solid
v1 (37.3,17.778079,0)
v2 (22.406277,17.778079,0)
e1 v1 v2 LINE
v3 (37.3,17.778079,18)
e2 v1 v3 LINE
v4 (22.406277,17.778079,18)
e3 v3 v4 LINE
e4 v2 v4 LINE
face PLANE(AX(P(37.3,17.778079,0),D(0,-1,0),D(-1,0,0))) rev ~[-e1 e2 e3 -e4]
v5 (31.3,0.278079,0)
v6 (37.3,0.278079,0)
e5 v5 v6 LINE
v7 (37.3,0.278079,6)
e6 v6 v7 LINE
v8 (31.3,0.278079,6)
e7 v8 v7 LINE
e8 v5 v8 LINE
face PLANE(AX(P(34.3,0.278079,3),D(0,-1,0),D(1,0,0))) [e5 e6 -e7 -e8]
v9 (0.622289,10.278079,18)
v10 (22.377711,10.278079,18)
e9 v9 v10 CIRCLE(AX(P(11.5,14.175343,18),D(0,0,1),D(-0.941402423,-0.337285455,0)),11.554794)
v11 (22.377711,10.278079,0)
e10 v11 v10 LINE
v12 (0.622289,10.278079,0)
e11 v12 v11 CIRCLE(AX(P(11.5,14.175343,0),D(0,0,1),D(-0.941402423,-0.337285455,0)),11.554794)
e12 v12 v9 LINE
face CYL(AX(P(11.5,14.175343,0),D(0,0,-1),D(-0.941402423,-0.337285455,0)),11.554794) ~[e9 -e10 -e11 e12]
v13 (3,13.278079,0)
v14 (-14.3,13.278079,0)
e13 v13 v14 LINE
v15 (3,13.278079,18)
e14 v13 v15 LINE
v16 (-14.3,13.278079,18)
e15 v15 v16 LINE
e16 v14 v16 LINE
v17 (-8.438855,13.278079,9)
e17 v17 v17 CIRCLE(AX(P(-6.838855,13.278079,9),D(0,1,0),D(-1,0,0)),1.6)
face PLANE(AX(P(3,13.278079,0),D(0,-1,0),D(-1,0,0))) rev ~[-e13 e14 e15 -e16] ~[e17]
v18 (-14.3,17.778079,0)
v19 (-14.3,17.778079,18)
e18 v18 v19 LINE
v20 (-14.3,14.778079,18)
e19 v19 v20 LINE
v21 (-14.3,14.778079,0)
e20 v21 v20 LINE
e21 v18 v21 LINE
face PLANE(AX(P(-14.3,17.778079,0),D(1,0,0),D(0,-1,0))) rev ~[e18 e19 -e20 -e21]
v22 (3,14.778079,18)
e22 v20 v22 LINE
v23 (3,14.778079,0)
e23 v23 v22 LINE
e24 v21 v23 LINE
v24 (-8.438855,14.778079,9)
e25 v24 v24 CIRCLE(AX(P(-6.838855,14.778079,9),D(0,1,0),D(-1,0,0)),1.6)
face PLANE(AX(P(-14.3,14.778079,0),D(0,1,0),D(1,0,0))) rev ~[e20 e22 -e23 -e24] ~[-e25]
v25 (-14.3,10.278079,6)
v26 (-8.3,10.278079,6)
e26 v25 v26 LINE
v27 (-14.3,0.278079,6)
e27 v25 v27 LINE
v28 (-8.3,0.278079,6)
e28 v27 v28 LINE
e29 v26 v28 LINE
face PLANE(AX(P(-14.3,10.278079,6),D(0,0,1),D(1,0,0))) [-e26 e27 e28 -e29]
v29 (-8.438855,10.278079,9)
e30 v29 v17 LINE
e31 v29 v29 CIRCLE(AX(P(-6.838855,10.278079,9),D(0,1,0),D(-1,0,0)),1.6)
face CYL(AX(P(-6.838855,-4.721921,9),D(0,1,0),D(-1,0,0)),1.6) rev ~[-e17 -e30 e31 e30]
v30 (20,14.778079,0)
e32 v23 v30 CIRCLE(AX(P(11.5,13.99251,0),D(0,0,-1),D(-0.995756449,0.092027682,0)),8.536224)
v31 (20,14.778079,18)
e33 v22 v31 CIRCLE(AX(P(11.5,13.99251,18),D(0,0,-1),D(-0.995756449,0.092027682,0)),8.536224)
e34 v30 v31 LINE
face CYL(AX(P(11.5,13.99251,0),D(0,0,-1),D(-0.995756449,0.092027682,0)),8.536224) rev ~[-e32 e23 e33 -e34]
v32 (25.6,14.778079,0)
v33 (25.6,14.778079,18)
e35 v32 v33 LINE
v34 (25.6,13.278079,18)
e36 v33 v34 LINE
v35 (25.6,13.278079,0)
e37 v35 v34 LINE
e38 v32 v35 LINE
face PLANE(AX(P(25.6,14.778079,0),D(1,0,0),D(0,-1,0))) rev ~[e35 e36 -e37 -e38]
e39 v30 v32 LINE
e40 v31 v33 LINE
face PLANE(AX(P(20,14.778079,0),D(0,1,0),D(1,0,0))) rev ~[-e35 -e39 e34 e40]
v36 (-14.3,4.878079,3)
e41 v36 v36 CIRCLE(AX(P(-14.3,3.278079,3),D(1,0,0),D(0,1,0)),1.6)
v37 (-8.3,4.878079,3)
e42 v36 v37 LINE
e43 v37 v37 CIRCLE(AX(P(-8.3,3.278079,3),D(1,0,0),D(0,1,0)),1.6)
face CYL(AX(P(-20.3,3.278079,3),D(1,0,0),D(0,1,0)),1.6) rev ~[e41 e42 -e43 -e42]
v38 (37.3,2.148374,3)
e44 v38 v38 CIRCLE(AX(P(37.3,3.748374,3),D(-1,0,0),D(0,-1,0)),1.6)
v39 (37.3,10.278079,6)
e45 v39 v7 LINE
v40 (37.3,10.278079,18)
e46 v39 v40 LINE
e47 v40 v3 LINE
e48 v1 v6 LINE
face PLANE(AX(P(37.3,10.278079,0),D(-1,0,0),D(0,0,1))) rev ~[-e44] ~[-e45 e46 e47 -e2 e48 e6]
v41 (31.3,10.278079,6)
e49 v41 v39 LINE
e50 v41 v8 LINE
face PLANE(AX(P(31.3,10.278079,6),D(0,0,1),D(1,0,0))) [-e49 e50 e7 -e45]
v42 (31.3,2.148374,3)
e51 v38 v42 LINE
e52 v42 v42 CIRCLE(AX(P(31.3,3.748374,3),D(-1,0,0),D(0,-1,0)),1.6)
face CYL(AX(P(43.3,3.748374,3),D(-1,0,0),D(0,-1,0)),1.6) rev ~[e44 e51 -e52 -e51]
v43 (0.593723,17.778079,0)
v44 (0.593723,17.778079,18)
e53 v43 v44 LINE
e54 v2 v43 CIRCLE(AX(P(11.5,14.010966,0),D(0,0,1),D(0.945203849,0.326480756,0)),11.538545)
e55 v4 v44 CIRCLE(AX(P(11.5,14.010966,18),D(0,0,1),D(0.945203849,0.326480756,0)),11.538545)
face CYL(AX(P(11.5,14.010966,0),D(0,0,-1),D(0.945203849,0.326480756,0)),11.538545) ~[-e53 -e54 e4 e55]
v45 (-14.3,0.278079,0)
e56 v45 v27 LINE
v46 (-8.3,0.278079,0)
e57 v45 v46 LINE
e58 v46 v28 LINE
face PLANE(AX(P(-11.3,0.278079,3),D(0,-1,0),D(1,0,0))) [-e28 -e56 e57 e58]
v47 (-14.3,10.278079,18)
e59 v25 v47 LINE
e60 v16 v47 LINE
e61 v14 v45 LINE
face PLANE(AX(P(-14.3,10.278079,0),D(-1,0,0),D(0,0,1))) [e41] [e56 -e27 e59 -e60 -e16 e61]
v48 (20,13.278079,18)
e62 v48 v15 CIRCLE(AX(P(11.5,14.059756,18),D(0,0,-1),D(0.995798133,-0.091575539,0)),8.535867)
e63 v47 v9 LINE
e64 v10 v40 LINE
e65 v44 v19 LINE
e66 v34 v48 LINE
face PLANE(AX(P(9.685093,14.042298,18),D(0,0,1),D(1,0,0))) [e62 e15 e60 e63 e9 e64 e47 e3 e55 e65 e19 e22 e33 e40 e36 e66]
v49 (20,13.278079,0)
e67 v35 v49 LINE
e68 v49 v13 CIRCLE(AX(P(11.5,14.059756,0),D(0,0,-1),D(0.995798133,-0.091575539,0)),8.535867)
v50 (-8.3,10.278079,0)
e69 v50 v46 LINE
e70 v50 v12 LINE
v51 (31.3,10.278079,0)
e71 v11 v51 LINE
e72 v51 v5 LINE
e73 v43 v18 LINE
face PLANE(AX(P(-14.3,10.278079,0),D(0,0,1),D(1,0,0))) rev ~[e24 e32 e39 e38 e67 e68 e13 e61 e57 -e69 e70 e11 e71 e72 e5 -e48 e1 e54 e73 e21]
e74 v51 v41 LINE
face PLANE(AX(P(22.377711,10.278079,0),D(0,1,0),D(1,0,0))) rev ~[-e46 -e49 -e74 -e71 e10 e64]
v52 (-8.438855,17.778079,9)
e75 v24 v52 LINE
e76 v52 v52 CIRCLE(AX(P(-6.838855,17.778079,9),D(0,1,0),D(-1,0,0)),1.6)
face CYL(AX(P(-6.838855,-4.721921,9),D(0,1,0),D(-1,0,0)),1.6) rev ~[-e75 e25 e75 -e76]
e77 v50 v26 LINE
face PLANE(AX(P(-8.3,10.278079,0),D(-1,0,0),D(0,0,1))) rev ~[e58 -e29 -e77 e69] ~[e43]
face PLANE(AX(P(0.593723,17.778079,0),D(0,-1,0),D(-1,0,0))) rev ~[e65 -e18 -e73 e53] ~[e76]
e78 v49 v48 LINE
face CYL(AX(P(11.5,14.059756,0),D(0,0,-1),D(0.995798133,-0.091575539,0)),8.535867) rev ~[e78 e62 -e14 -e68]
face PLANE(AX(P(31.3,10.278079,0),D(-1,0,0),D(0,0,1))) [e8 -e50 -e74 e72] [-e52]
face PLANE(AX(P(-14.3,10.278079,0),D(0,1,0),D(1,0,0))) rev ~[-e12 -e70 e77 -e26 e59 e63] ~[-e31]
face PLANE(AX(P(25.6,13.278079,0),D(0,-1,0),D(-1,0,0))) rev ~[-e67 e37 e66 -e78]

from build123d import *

# Parameters (mm, degrees)
F1_DEPTH  = 18
F3_D      = 3.2
F3_DEPTH  = 15
F4_W      = 6
F4_H      = 6
F5_DEPTH  = 10
F6_W      = 6
F6_H      = 6
F7_DEPTH  = 10
F9_D      = 3.2
F9_DEPTH  = 6
F11_D     = 3.2
F11_DEPTH = 6


with BuildPart() as f1:
    # F0 (on Top) → F1 (new body)
    with BuildSketch(Plane.XY):
        with BuildLine():
            Line((3, 13.278079), (-14.3, 13.278079))
            Line((-14.3, 13.278079), (-14.3, 10.278079))
            Line((-14.3, 10.278079), (0.622289, 10.278079))
            ThreePointArc((0.622289, 10.278079), (11.5, 2.620549), (22.377711, 10.278079))
            Line((22.377711, 10.278079), (23, 10.278079))
            Line((23, 10.278079), (37.3, 10.278079))
            Line((37.3, 10.278079), (37.3, 17.778079))
            Line((37.3, 17.778079), (22.406277, 17.778079))
            ThreePointArc((22.406277, 17.778079), (11.5, 25.549511), (0.593723, 17.778079))
            Line((0.593723, 17.778079), (-14.3, 17.778079))
            Line((-14.3, 17.778079), (-14.3, 14.778079))
            Line((-14.3, 14.778079), (3, 14.778079))
            ThreePointArc((3, 14.778079), (11.5, 22.528734), (20, 14.778079))
            Line((20, 14.778079), (25.6, 14.778079))
            Line((25.6, 14.778079), (25.6, 13.278079))
            Line((25.6, 13.278079), (23, 13.278079))
            Line((23, 13.278079), (20, 13.278079))
            ThreePointArc((20, 13.278079), (11.5, 5.523889), (3, 13.278079))
        make_face()
    extrude(amount=F1_DEPTH)

    # F3
    with Locations(Plane.XZ.offset(-10.278079)):
        with Locations((-6.838855, 9)):
            Hole(F3_D / 2, depth=F3_DEPTH)

    # F4 (on face) → F5 (join)
    with BuildSketch(Plane.XZ.offset(-10.278079)):
        with Locations((34.3, 3)):
            Rectangle(F4_W, F4_H)
    extrude(amount=F5_DEPTH)

    # F6 (on face) → F7 (join)
    with BuildSketch(Plane.XZ.offset(-10.278079)):
        with Locations((-11.3, 3)):
            Rectangle(F6_W, F6_H)
    extrude(amount=F7_DEPTH)

    # F9
    with Locations(Plane.YZ.offset(37.3)):
        with Locations((3.748374, 3)):
            Hole(F9_D / 2, depth=F9_DEPTH)

    # F11
    with Locations(Plane(origin=(-14.3, 0, 0), x_dir=(0, -1, 0), z_dir=(-1, 0, 0))):
        with Locations((-3.278079, 3)):
            Hole(F11_D / 2, depth=F11_DEPTH)


solid = f1.part
